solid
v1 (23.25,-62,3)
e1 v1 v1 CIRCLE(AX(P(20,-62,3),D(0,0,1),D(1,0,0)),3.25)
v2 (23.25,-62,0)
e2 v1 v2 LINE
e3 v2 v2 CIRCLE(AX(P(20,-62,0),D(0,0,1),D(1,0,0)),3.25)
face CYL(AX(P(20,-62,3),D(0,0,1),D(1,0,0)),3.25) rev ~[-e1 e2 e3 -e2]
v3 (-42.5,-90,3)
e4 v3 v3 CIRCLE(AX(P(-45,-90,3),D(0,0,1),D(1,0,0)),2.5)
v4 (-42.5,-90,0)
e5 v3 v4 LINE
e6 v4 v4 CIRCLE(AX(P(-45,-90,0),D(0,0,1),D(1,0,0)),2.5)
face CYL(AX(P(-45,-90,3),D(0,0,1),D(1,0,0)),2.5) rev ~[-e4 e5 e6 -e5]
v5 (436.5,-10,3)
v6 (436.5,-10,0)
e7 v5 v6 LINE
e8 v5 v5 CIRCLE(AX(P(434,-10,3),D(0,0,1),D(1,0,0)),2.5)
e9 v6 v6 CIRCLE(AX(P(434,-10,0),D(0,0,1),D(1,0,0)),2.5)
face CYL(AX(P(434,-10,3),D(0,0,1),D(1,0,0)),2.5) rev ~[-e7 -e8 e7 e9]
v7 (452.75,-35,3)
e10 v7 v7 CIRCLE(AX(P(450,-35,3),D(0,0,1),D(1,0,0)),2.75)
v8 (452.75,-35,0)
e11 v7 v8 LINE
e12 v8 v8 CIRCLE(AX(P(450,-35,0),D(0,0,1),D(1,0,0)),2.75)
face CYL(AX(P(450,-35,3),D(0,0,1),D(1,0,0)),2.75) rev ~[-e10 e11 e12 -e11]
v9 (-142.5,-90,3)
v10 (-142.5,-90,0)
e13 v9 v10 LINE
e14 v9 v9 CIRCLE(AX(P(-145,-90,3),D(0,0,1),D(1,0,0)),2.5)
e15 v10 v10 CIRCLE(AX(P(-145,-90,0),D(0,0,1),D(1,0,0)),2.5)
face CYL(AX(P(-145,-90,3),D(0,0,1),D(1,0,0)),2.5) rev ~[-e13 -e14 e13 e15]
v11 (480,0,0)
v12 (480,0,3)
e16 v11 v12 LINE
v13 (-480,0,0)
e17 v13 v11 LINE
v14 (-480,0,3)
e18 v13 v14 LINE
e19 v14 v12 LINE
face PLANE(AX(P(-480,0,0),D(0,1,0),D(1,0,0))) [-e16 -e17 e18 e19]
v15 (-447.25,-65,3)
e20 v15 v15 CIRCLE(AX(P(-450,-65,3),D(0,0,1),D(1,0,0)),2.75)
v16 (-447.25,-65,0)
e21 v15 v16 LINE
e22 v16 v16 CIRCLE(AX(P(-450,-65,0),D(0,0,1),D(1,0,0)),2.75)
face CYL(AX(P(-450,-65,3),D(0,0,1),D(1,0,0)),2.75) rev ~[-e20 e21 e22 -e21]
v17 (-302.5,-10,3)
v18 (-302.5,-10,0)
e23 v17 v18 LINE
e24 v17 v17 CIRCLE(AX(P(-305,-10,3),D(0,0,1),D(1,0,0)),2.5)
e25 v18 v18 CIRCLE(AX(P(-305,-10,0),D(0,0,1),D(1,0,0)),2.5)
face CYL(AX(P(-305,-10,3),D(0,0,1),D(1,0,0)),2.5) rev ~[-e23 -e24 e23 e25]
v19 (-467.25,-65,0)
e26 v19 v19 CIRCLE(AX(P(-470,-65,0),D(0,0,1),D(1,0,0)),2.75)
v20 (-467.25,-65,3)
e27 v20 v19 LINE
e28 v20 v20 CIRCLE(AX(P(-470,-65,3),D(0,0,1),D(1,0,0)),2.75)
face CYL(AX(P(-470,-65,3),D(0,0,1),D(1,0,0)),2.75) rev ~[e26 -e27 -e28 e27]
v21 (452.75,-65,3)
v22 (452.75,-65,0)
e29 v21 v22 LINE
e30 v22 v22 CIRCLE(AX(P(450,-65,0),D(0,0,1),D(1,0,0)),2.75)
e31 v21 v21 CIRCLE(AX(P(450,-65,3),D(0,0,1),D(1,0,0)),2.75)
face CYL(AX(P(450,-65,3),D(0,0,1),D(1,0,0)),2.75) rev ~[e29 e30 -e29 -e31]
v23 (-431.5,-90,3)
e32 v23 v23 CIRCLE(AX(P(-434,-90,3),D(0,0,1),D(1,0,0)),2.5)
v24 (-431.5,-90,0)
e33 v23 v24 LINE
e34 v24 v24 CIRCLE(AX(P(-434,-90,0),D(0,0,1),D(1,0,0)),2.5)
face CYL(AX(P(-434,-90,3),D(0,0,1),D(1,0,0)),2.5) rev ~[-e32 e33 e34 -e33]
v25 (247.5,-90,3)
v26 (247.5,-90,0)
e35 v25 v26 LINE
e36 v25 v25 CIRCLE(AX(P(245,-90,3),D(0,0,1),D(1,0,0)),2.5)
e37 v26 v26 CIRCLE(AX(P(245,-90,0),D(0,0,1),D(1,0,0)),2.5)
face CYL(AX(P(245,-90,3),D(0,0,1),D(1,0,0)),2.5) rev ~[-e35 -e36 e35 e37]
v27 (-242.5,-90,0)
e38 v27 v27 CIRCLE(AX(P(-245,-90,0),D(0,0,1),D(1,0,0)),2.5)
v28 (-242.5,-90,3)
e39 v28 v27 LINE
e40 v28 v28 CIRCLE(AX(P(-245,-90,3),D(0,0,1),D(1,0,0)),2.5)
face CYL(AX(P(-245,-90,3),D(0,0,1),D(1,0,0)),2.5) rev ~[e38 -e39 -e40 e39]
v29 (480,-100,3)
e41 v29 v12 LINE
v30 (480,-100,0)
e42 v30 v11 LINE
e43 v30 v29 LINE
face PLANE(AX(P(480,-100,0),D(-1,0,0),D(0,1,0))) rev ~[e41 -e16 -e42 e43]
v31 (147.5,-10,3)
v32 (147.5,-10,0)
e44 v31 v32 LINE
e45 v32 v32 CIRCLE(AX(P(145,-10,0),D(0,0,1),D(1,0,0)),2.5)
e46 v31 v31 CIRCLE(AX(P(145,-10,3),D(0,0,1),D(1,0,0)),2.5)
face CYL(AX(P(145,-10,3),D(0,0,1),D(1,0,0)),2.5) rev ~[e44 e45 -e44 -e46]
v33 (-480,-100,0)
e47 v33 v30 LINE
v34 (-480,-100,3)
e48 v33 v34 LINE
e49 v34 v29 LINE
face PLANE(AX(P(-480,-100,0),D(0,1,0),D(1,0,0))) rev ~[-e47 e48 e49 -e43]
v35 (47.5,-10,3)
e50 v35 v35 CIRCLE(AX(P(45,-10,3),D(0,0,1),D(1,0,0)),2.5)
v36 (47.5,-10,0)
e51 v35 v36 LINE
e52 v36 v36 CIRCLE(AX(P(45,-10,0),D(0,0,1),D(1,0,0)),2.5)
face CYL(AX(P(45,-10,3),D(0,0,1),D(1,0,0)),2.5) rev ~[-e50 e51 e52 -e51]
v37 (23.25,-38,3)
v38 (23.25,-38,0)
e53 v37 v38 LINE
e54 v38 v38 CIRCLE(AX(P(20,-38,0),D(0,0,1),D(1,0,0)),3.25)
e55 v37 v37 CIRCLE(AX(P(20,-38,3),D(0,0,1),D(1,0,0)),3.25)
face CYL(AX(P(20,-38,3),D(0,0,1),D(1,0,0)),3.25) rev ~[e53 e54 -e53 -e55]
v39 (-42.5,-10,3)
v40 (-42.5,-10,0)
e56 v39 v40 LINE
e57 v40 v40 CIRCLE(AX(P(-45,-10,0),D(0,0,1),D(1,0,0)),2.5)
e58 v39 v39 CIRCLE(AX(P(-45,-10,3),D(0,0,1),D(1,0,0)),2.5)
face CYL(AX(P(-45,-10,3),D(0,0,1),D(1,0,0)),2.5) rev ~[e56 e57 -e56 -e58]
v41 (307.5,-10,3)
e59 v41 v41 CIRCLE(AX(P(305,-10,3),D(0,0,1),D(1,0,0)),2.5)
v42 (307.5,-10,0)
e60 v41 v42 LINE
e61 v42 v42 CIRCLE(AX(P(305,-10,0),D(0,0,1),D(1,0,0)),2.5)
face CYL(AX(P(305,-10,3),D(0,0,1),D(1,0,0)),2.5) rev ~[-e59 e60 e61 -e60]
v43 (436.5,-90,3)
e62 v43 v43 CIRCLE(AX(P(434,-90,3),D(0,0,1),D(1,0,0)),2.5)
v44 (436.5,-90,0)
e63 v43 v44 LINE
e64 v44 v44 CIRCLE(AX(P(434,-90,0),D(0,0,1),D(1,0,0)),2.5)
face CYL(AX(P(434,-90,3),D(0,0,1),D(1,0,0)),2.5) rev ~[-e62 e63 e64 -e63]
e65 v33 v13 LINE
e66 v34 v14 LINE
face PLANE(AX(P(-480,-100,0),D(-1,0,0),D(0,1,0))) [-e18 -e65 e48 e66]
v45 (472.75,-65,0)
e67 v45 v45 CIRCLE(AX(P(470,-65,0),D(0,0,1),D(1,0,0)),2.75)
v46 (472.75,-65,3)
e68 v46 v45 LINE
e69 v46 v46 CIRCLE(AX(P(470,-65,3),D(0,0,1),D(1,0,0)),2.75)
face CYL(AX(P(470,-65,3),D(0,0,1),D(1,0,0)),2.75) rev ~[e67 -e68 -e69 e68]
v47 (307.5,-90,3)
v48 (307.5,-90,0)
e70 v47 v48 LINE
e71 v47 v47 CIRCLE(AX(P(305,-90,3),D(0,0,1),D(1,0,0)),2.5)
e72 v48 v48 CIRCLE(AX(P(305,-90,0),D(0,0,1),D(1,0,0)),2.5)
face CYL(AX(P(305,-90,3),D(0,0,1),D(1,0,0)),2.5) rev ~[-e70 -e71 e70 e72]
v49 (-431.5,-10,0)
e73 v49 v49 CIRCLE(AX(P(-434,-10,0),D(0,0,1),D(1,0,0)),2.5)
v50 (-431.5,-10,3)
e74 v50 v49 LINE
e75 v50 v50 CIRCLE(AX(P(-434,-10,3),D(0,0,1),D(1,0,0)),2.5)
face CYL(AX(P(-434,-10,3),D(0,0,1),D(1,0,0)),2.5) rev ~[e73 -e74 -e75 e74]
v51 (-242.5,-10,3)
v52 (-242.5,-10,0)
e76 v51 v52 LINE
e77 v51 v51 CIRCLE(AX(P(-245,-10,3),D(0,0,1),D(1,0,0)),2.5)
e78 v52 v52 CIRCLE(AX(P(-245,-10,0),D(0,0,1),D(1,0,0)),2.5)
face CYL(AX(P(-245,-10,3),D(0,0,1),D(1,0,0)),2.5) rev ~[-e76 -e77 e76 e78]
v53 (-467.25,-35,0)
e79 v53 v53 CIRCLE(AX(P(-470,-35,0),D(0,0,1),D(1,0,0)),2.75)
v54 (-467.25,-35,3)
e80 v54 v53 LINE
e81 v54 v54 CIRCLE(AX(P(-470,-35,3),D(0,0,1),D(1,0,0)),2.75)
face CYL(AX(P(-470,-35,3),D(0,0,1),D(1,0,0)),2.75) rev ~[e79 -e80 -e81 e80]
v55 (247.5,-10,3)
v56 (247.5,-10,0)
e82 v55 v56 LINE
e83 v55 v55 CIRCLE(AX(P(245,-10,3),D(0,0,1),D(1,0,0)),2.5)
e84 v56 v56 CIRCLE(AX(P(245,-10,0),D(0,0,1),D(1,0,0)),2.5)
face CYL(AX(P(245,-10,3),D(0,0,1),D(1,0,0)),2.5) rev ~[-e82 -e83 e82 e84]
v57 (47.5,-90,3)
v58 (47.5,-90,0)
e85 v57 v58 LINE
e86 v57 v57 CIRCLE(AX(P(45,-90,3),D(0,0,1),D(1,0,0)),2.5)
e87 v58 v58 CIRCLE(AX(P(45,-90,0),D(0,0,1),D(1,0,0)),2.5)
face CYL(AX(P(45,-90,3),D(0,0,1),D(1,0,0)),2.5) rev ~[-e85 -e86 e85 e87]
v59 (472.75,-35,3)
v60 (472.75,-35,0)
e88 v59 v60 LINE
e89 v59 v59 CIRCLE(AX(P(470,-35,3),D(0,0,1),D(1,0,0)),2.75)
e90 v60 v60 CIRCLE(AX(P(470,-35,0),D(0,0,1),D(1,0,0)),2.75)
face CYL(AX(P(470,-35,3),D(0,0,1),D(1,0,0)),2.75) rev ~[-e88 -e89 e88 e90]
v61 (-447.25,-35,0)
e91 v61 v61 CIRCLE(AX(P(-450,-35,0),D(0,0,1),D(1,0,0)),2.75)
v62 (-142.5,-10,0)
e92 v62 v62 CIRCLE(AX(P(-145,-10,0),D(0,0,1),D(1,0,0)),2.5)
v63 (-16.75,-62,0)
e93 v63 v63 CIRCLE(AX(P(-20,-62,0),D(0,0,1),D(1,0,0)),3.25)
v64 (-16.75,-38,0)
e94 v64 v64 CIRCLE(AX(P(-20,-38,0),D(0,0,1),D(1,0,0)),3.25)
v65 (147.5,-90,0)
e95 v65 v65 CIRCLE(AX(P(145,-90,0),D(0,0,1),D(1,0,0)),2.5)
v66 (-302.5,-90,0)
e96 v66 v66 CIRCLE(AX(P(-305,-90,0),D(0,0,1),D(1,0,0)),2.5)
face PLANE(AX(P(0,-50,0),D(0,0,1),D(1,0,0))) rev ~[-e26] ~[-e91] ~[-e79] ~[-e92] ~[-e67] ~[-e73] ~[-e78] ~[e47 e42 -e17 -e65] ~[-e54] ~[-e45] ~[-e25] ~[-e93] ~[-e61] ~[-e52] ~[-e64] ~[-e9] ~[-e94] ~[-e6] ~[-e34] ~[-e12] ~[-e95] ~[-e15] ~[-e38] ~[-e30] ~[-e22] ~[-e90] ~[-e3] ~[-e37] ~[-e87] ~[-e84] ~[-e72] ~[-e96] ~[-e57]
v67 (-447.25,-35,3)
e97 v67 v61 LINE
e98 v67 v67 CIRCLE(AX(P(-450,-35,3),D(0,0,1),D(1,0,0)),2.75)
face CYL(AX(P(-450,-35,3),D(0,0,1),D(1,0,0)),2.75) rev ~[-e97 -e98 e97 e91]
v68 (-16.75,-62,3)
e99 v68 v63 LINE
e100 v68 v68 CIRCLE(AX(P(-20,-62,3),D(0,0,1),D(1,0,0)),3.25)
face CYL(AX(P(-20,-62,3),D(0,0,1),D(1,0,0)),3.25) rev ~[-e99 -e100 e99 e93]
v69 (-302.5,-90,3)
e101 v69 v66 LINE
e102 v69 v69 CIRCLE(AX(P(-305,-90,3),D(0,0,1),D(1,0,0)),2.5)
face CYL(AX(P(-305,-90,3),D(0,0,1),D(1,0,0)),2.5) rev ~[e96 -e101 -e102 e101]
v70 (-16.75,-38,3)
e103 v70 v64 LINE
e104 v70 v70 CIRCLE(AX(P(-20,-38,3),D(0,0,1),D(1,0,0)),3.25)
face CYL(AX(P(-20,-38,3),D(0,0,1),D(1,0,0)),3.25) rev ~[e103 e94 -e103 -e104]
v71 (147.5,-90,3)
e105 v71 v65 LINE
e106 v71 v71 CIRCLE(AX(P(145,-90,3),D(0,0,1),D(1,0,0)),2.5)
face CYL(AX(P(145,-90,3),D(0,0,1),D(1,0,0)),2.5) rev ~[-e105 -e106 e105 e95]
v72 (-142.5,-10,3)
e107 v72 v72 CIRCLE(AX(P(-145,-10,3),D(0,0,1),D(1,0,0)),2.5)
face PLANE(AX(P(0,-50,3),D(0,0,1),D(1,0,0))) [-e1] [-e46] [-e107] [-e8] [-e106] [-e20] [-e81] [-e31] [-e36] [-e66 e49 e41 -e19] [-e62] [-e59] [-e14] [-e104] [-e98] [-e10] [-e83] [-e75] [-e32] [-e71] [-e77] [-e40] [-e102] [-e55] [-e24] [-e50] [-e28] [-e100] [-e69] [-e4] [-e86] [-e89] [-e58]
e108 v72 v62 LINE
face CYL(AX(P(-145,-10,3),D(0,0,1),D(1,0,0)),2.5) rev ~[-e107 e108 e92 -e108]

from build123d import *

# Parameters (mm, degrees)
SKIZZE1_W                       = 960
SKIZZE1_H                       = 100
AUFSATZ_LINEAR_AUSTRAGEN1_DEPTH = 3
SKIZZE2_R                       = 3.25
SCHNITT_LINEAR_AUSTRAGEN1_DEPTH = 10
SKIZZE3_R                       = 2.75
SCHNITT_LINEAR_AUSTRAGEN2_DEPTH = 10
SKIZZE4_R                       = 2.5
SCHNITT_LINEAR_AUSTRAGEN6_DEPTH = 10


with BuildPart() as part:
    # Skizze1 → Aufsatz-Linear austragen1 (new body)
    with BuildSketch(Plane.XY):
        with Locations((0, -50)):
            Rectangle(SKIZZE1_W, SKIZZE1_H)
    extrude(amount=AUFSATZ_LINEAR_AUSTRAGEN1_DEPTH)

    # Skizze2 → Schnitt-Linear austragen1 (cut)
    with BuildSketch(Plane.XY.offset(3)):
        with Locations((20, -38)):
            Circle(SKIZZE2_R)
        with Locations((-20, -38)):
            Circle(SKIZZE2_R)
        with Locations((20, -62)):
            Circle(SKIZZE2_R)
        with Locations((-20, -62)):
            Circle(SKIZZE2_R)
    extrude(amount=-SCHNITT_LINEAR_AUSTRAGEN1_DEPTH, mode=Mode.SUBTRACT)

    # Skizze3 → Schnitt-Linear austragen2 (cut)
    with BuildSketch(Plane.XY.offset(3)):
        with Locations((470, -35)):
            Circle(SKIZZE3_R)
        with Locations((450, -35)):
            Circle(SKIZZE3_R)
        with Locations((450, -65)):
            Circle(SKIZZE3_R)
        with Locations((470, -65)):
            Circle(SKIZZE3_R)
        with Locations((-470, -65)):
            Circle(SKIZZE3_R)
        with Locations((-450, -65)):
            Circle(SKIZZE3_R)
        with Locations((-470, -35)):
            Circle(SKIZZE3_R)
        with Locations((-450, -35)):
            Circle(SKIZZE3_R)
    extrude(amount=-SCHNITT_LINEAR_AUSTRAGEN2_DEPTH, mode=Mode.SUBTRACT)

    # Skizze4 → Schnitt-Linear austragen6 (cut)
    with BuildSketch(Plane.XY.offset(3)):
        with Locations((434, -10)):
            Circle(SKIZZE4_R)
        with Locations((305, -10)):
            Circle(SKIZZE4_R)
        with Locations((245, -10)):
            Circle(SKIZZE4_R)
        with Locations((145, -10)):
            Circle(SKIZZE4_R)
        with Locations((45, -10)):
            Circle(SKIZZE4_R)
        with Locations((434, -90)):
            Circle(SKIZZE4_R)
        with Locations((305, -90)):
            Circle(SKIZZE4_R)
        with Locations((245, -90)):
            Circle(SKIZZE4_R)
        with Locations((145, -90)):
            Circle(SKIZZE4_R)
        with Locations((45, -90)):
            Circle(SKIZZE4_R)
        with Locations((-434, -90)):
            Circle(SKIZZE4_R)
        with Locations((-434, -10)):
            Circle(SKIZZE4_R)
        with Locations((-305, -90)):
            Circle(SKIZZE4_R)
        with Locations((-305, -10)):
            Circle(SKIZZE4_R)
        with Locations((-245, -90)):
            Circle(SKIZZE4_R)
        with Locations((-245, -10)):
            Circle(SKIZZE4_R)
        with Locations((-145, -90)):
            Circle(SKIZZE4_R)
        with Locations((-145, -10)):
            Circle(SKIZZE4_R)
        with Locations((-45, -10)):
            Circle(SKIZZE4_R)
        with Locations((-45, -90)):
            Circle(SKIZZE4_R)
    extrude(amount=-SCHNITT_LINEAR_AUSTRAGEN6_DEPTH, mode=Mode.SUBTRACT)


solid = part.part
